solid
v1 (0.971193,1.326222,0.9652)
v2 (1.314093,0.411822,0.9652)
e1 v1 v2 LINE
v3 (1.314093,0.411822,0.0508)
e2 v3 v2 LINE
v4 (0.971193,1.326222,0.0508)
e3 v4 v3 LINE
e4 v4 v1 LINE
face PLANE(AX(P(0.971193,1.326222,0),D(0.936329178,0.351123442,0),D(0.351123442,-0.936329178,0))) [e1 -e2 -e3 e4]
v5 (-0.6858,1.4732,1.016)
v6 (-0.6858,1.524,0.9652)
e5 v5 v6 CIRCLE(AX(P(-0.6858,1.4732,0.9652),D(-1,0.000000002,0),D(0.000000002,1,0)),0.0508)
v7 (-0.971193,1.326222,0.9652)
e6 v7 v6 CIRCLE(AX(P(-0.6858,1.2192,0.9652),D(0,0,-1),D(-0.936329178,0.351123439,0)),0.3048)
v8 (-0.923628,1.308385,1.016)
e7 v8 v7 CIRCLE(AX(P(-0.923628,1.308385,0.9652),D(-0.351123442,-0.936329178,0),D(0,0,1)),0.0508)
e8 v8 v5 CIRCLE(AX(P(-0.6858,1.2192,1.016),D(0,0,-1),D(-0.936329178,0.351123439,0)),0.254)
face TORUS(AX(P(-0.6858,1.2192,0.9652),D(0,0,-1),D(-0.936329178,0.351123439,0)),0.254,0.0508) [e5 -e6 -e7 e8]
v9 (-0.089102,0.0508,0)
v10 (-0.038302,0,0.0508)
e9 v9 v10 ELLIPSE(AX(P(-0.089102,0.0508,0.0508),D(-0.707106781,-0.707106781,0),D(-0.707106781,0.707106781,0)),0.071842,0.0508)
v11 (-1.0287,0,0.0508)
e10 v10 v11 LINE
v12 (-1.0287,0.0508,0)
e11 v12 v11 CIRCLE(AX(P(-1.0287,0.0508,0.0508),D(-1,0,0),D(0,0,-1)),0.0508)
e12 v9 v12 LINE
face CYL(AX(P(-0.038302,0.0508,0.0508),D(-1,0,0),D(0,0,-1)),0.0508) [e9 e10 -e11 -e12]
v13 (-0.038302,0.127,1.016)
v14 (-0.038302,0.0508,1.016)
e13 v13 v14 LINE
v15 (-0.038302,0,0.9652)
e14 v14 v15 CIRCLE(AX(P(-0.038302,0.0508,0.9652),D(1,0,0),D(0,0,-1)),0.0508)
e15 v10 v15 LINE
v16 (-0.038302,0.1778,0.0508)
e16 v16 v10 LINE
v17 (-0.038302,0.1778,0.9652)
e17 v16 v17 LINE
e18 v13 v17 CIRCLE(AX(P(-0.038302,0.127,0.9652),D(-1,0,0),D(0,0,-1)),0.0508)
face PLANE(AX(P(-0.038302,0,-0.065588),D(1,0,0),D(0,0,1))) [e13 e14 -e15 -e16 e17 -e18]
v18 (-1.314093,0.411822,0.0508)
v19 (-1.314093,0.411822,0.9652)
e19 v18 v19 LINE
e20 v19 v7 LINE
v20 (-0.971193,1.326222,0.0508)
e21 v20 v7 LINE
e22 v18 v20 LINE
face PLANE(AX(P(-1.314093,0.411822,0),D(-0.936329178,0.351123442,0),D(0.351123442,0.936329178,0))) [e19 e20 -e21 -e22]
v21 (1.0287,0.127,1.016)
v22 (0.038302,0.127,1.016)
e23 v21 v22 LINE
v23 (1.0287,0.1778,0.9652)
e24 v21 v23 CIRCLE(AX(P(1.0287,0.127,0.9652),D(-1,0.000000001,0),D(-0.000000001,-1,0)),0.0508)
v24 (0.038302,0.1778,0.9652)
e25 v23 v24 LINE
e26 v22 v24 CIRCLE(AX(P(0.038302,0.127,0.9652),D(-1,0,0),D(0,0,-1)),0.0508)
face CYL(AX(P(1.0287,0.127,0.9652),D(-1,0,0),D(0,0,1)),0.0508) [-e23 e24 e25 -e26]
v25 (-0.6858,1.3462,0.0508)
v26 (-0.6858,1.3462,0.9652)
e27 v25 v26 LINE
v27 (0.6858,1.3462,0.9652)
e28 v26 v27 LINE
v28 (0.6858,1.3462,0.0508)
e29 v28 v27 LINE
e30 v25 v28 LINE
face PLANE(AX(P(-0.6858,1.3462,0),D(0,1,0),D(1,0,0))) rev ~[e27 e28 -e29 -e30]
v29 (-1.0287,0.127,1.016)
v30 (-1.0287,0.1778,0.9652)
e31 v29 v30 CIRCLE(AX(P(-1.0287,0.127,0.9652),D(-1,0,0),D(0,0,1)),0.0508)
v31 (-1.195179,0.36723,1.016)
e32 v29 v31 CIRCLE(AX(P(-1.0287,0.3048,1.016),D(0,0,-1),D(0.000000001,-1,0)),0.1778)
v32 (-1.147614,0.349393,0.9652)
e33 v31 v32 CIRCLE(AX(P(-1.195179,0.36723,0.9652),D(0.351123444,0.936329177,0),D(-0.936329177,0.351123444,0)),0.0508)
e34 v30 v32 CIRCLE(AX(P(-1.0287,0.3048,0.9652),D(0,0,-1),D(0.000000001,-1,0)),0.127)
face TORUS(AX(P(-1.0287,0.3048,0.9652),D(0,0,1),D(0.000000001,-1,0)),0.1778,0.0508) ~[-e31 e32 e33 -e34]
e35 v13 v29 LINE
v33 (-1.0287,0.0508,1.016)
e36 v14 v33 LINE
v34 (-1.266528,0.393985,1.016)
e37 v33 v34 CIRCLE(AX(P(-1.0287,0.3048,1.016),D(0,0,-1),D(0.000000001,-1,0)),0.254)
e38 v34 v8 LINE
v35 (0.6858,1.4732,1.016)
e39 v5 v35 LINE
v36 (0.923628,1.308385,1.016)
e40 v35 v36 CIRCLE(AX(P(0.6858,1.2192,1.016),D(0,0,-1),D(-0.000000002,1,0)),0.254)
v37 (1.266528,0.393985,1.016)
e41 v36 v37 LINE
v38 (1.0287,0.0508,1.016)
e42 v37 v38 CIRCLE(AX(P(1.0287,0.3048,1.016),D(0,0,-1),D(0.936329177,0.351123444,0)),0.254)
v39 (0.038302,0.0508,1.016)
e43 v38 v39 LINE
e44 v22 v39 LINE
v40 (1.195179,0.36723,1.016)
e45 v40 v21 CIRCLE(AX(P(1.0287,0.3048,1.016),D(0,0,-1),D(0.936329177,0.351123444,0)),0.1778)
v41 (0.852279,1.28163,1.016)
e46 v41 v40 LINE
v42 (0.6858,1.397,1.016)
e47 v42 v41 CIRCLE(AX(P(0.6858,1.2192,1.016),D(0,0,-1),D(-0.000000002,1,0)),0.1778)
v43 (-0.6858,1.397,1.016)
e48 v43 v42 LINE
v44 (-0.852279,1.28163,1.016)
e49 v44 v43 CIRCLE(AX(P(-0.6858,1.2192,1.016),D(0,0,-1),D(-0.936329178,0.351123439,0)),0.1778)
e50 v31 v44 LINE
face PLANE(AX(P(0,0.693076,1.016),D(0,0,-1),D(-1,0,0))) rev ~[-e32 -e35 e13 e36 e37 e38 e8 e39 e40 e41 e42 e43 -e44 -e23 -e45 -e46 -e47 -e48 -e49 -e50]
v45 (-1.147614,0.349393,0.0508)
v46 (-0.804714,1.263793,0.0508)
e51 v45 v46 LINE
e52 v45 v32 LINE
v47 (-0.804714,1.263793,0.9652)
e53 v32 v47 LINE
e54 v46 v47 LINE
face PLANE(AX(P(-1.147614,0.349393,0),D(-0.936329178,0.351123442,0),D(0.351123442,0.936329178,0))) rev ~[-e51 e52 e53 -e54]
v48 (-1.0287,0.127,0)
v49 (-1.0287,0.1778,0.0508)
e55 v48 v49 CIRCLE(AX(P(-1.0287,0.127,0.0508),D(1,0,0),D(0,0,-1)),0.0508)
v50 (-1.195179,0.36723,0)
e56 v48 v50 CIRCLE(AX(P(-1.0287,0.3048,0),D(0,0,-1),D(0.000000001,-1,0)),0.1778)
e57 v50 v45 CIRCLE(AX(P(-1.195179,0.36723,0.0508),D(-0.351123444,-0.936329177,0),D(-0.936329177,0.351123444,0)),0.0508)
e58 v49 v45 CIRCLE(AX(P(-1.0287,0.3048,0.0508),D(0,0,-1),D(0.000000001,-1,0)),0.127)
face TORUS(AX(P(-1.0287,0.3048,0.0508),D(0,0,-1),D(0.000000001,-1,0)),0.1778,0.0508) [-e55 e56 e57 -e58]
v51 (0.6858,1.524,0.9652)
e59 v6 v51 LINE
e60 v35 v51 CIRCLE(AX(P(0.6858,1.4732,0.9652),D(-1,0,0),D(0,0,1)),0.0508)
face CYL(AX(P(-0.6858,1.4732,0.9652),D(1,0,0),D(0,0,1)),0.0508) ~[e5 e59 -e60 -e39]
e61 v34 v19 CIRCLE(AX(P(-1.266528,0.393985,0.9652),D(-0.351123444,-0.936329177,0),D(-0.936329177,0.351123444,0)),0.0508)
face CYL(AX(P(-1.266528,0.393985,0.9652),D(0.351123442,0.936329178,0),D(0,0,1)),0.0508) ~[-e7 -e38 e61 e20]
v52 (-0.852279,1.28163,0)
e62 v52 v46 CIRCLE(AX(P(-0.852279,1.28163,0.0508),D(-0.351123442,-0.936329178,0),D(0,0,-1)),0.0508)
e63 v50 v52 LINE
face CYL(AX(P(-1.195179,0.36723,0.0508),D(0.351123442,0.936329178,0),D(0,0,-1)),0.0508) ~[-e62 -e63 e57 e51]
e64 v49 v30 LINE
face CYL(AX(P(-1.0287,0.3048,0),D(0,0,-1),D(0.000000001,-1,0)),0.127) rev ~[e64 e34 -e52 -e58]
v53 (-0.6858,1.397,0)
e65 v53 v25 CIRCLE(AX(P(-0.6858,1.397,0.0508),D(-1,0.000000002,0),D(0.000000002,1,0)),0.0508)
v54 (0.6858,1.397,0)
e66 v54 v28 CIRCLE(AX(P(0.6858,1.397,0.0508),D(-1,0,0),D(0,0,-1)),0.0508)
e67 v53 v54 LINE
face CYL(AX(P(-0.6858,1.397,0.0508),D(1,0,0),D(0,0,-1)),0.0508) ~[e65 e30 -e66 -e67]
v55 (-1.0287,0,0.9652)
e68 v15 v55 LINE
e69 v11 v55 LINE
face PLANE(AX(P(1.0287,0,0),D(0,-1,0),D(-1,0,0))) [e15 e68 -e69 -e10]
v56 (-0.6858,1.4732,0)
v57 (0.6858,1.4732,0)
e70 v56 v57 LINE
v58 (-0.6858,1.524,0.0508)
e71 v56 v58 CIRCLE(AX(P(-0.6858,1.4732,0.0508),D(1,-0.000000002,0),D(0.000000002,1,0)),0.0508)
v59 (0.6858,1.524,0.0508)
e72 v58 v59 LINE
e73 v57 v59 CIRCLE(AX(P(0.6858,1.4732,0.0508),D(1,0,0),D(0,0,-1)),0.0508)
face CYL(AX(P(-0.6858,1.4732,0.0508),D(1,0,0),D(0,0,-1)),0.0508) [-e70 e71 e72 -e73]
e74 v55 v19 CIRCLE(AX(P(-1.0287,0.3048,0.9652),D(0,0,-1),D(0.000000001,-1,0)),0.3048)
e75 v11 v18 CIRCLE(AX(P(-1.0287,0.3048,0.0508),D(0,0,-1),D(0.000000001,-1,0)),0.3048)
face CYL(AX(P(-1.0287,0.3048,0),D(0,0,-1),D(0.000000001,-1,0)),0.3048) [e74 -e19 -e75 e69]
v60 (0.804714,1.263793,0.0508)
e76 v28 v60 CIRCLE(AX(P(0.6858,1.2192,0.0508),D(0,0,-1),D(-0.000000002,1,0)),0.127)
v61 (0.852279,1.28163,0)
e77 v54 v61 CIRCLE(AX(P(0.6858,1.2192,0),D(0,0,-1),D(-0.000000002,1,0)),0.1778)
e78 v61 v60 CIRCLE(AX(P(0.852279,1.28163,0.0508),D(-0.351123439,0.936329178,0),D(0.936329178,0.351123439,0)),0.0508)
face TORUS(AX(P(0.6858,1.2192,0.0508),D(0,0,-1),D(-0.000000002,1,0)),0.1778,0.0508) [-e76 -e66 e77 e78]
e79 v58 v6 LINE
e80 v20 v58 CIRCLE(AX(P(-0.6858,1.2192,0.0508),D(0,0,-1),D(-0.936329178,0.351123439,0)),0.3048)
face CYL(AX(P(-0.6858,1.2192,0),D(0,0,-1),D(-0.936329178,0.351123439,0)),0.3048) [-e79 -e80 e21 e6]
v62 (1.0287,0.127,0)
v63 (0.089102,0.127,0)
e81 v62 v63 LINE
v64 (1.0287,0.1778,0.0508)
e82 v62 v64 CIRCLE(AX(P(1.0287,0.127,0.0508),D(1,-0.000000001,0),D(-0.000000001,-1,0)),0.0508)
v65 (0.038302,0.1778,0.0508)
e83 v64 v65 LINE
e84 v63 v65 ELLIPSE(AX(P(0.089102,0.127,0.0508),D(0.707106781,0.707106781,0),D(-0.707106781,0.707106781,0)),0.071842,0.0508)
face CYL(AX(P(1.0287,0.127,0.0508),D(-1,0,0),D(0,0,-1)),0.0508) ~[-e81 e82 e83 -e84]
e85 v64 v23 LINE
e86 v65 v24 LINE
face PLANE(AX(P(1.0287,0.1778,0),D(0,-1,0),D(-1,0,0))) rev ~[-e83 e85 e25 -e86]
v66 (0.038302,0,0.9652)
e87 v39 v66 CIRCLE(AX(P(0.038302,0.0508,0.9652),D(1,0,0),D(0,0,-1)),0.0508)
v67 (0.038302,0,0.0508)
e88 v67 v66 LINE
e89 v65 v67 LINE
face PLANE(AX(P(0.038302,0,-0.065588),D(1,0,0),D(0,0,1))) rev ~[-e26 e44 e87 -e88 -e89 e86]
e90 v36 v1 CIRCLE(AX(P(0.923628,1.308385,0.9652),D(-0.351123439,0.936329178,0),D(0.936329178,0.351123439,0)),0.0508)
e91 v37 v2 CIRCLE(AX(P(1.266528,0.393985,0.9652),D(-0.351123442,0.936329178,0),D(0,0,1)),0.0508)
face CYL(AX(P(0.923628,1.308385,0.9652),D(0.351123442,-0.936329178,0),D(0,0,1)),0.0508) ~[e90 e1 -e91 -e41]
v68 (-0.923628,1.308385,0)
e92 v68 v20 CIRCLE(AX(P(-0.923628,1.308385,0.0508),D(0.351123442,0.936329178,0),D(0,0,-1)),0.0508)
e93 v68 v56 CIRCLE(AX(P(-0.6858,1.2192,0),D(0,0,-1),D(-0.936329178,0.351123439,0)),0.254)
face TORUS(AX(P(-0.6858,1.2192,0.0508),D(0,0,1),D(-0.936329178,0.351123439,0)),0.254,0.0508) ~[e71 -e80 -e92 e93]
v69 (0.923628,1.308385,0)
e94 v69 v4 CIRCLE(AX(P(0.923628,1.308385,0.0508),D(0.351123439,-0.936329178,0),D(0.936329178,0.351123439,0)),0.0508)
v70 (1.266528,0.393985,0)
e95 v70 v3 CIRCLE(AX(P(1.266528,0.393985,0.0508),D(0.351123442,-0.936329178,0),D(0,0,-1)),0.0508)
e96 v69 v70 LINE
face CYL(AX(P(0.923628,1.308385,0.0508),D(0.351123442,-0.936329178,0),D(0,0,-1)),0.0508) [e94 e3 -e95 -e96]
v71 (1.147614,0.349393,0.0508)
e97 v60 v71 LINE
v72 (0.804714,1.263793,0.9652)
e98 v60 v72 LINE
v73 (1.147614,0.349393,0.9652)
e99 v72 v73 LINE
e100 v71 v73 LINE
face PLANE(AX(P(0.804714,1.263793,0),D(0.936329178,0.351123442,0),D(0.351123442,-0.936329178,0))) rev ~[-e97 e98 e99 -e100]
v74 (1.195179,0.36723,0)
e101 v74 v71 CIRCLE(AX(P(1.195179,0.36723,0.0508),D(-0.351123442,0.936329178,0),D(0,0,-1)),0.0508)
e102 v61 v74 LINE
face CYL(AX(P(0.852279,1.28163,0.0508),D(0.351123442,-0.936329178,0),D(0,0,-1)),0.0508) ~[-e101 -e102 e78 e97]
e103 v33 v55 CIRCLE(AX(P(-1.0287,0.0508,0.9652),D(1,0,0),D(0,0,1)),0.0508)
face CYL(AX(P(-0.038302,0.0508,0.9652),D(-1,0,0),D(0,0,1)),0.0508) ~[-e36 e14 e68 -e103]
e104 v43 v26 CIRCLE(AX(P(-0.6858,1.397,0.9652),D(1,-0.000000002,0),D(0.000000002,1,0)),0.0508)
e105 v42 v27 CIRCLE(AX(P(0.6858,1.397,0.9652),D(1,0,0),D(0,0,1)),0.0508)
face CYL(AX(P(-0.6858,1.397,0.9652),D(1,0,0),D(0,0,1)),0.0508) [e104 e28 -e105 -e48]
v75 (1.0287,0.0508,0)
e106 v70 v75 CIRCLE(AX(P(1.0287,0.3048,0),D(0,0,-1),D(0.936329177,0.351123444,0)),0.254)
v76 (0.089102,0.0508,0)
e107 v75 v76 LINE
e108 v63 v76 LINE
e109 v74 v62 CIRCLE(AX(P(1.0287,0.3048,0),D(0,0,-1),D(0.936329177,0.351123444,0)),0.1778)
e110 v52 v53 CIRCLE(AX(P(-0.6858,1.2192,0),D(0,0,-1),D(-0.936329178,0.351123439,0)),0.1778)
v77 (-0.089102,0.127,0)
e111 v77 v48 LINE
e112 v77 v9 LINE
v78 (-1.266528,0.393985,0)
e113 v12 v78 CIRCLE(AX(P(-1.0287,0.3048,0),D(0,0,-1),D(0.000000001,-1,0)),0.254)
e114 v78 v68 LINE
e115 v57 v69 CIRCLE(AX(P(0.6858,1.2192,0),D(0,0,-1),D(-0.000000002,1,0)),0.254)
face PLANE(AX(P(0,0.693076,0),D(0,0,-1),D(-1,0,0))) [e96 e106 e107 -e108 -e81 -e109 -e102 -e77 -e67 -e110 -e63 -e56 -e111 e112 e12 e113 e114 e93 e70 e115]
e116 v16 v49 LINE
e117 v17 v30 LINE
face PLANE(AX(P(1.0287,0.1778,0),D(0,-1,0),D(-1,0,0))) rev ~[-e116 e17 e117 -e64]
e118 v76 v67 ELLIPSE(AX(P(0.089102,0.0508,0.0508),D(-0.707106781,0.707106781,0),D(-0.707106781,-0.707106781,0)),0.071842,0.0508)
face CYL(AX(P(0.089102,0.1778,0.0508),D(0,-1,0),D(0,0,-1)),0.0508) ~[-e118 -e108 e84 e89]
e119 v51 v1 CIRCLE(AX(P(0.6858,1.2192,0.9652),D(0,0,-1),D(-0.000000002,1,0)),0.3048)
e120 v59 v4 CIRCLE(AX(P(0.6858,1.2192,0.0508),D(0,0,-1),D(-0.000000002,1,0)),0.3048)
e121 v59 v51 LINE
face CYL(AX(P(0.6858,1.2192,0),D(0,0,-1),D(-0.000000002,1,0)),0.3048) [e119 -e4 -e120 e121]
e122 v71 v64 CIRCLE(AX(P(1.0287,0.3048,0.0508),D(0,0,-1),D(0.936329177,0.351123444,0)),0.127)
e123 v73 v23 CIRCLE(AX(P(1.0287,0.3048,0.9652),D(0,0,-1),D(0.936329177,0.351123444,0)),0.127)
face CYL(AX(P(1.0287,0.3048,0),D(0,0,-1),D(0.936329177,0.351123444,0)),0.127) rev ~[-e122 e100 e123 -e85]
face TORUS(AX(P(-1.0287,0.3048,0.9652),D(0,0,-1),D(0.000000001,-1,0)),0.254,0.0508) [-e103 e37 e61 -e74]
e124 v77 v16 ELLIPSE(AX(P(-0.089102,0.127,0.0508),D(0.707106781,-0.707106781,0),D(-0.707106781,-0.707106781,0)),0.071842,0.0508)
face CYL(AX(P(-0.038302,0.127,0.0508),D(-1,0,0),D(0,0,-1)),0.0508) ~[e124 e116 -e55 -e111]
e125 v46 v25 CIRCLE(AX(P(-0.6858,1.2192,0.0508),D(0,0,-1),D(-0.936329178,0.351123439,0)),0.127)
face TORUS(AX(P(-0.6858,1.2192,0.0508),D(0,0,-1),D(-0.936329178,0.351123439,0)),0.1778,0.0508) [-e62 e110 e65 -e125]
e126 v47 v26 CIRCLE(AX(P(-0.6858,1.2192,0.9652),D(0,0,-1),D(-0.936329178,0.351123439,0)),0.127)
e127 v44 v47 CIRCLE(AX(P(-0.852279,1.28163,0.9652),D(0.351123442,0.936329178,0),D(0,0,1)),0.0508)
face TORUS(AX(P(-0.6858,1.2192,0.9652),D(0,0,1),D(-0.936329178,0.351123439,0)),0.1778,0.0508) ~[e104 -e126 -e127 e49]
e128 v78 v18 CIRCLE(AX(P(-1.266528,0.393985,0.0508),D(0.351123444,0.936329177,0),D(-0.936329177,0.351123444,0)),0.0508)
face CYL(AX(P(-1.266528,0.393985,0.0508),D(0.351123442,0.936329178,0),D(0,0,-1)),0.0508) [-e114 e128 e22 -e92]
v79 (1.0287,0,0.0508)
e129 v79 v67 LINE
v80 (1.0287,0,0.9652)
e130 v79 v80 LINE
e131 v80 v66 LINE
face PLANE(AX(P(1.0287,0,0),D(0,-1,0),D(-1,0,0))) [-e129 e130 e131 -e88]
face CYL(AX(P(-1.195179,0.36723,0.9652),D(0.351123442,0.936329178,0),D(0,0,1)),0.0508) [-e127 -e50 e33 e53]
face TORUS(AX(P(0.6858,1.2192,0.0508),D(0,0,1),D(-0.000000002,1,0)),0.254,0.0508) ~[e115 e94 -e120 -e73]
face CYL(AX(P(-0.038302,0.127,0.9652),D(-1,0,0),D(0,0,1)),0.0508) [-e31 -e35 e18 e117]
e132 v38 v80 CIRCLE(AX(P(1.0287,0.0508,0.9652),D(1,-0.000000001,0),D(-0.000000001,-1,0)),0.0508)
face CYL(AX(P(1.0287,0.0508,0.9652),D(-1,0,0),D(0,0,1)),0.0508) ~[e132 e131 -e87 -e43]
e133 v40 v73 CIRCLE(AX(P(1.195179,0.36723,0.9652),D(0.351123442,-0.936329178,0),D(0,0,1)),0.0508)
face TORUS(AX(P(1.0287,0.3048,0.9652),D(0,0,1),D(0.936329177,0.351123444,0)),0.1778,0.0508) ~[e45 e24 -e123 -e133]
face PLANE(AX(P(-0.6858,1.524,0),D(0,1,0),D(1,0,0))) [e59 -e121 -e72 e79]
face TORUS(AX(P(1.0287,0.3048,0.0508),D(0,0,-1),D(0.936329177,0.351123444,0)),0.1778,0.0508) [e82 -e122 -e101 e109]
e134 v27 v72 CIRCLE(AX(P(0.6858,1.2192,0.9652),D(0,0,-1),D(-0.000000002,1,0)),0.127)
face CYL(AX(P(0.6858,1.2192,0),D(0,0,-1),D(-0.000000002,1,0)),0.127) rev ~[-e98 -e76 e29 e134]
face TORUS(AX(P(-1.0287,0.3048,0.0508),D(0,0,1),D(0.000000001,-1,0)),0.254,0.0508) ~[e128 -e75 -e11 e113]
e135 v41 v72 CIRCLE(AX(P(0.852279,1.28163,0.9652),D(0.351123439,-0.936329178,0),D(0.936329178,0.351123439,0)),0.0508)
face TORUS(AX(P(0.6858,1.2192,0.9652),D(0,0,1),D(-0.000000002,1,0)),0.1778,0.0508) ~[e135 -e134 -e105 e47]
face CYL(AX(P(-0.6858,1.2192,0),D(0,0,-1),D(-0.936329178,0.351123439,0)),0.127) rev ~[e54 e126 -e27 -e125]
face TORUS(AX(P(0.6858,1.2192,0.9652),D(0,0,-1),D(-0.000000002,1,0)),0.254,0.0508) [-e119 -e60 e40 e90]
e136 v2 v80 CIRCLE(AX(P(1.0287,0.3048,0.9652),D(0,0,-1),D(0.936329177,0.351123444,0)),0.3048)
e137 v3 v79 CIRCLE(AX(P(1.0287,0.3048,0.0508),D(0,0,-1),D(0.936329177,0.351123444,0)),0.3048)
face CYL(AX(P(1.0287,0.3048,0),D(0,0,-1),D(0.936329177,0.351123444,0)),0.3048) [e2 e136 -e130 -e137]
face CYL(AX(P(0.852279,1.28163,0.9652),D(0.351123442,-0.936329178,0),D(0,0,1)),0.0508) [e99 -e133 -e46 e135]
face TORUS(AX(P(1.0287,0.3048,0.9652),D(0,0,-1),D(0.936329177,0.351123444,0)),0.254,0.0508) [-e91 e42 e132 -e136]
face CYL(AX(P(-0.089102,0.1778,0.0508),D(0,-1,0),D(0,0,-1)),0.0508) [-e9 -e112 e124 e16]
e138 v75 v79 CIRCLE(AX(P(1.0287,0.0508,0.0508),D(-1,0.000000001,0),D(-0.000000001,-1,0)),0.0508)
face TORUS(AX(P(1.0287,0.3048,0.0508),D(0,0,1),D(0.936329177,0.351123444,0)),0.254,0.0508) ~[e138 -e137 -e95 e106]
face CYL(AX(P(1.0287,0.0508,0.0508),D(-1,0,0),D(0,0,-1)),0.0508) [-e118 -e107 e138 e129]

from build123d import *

# Parameters (mm, degrees)
BOSS_EXTRUDE1_DEPTH = 1.016
SHELL1_T            = -0.1778
SKETCH2_W           = 0.076603022
SKETCH2_H           = 1.147176972
CUT_EXTRUDE1_DEPTH  = 0.8128
FILLET7_R           = 0.0508


with BuildPart() as part:
    # Sketch1 → Boss-Extrude1 (new body)
    with BuildSketch(Plane.XY):
        with BuildLine():
            Line((-0.6858, 1.524), (0.6858, 1.524))
            ThreePointArc((0.6858, 1.524), (0.859412507, 1.469722928), (0.971193133, 1.326222425))
            Line((0.971193133, 1.326222425), (1.314093133, 0.411822425))
            ThreePointArc((1.314093133, 0.411822425), (1.279222928, 0.131187493), (1.0287, 0))
            Line((1.0287, 0), (-1.0287, 0))
            ThreePointArc((-1.0287, 0), (-1.279222928, 0.131187493), (-1.314093133, 0.411822425))
            Line((-1.314093133, 0.411822425), (-0.971193133, 1.326222425))
            ThreePointArc((-0.971193133, 1.326222425), (-0.859412507, 1.469722928), (-0.6858, 1.524))
        make_face()
    extrude(amount=BOSS_EXTRUDE1_DEPTH)

    # Shell1
    shell1_openings = [part.faces().sort_by_distance(p)[0] for p in [
        (0, 0.71233497, 1.016),
        (0, 0.71233497, 0),
    ]]
    offset(amount=SHELL1_T, openings=shell1_openings, kind=Kind.INTERSECTION)

    # Sketch2 → Cut-Extrude1 (cut)
    with BuildSketch(Plane.XZ):
        with Locations((0, 0.508)):
            Rectangle(SKETCH2_W, SKETCH2_H)
    extrude(amount=-CUT_EXTRUDE1_DEPTH, mode=Mode.SUBTRACT)

    # Fillet7
    fillet7_edges = [part.edges().sort_by_distance(p)[0] for p in [
        (-1.279222928, 0.131187493, 1.016),
        (-1.142643133, 0.869022425, 0),
        (-0.859412507, 1.469722928, 0),
        (-0.533500756, 0, 1.016),
        (1.279222928, 0.131187493, 1.016),
        (1.142643133, 0.869022425, 1.016),
        (0.859412507, 1.469722928, 1.016),
        (0, 1.524, 1.016),
        (-0.758138544, 1.323584553, 0),
        (-0.976163806, 0.806592677, 0),
        (-1.133084553, 0.232461456, 0),
        (-0.533500756, 0.1778, 0),
        (1.133084553, 0.232461456, 0),
        (0.976163806, 0.806592677, 0),
        (0.758138544, 1.323584553, 0),
        (0, 1.3462, 0),
        (-0.758138544, 1.323584553, 1.016),
        (-0.976163806, 0.806592677, 1.016),
        (-1.133084553, 0.232461456, 1.016),
        (-0.533500756, 0.1778, 1.016),
        (1.133084553, 0.232461456, 1.016),
        (0.976163806, 0.806592677, 1.016),
        (0.758138544, 1.323584553, 1.016),
        (0, 1.3462, 1.016),
        (-0.859412507, 1.469722928, 1.016),
        (0.533500756, 0.1778, 0),
        (0.533500756, 0.1778, 1.016),
        (0.533500756, 0, 0),
        (0.533500756, 0, 1.016),
        (-0.038301511, 0.0889, 0),
        (0.038301511, 0.0889, 0),
        (-1.142643133, 0.869022425, 1.016),
        (0, 1.524, 0),
        (0.859412507, 1.469722928, 0),
        (1.142643133, 0.869022425, 0),
        (1.279222928, 0.131187493, 0),
        (-0.533500756, 0, 0),
        (-1.279222928, 0.131187493, 0),
    ]]
    fillet(fillet7_edges, radius=FILLET7_R)


solid = part.part
